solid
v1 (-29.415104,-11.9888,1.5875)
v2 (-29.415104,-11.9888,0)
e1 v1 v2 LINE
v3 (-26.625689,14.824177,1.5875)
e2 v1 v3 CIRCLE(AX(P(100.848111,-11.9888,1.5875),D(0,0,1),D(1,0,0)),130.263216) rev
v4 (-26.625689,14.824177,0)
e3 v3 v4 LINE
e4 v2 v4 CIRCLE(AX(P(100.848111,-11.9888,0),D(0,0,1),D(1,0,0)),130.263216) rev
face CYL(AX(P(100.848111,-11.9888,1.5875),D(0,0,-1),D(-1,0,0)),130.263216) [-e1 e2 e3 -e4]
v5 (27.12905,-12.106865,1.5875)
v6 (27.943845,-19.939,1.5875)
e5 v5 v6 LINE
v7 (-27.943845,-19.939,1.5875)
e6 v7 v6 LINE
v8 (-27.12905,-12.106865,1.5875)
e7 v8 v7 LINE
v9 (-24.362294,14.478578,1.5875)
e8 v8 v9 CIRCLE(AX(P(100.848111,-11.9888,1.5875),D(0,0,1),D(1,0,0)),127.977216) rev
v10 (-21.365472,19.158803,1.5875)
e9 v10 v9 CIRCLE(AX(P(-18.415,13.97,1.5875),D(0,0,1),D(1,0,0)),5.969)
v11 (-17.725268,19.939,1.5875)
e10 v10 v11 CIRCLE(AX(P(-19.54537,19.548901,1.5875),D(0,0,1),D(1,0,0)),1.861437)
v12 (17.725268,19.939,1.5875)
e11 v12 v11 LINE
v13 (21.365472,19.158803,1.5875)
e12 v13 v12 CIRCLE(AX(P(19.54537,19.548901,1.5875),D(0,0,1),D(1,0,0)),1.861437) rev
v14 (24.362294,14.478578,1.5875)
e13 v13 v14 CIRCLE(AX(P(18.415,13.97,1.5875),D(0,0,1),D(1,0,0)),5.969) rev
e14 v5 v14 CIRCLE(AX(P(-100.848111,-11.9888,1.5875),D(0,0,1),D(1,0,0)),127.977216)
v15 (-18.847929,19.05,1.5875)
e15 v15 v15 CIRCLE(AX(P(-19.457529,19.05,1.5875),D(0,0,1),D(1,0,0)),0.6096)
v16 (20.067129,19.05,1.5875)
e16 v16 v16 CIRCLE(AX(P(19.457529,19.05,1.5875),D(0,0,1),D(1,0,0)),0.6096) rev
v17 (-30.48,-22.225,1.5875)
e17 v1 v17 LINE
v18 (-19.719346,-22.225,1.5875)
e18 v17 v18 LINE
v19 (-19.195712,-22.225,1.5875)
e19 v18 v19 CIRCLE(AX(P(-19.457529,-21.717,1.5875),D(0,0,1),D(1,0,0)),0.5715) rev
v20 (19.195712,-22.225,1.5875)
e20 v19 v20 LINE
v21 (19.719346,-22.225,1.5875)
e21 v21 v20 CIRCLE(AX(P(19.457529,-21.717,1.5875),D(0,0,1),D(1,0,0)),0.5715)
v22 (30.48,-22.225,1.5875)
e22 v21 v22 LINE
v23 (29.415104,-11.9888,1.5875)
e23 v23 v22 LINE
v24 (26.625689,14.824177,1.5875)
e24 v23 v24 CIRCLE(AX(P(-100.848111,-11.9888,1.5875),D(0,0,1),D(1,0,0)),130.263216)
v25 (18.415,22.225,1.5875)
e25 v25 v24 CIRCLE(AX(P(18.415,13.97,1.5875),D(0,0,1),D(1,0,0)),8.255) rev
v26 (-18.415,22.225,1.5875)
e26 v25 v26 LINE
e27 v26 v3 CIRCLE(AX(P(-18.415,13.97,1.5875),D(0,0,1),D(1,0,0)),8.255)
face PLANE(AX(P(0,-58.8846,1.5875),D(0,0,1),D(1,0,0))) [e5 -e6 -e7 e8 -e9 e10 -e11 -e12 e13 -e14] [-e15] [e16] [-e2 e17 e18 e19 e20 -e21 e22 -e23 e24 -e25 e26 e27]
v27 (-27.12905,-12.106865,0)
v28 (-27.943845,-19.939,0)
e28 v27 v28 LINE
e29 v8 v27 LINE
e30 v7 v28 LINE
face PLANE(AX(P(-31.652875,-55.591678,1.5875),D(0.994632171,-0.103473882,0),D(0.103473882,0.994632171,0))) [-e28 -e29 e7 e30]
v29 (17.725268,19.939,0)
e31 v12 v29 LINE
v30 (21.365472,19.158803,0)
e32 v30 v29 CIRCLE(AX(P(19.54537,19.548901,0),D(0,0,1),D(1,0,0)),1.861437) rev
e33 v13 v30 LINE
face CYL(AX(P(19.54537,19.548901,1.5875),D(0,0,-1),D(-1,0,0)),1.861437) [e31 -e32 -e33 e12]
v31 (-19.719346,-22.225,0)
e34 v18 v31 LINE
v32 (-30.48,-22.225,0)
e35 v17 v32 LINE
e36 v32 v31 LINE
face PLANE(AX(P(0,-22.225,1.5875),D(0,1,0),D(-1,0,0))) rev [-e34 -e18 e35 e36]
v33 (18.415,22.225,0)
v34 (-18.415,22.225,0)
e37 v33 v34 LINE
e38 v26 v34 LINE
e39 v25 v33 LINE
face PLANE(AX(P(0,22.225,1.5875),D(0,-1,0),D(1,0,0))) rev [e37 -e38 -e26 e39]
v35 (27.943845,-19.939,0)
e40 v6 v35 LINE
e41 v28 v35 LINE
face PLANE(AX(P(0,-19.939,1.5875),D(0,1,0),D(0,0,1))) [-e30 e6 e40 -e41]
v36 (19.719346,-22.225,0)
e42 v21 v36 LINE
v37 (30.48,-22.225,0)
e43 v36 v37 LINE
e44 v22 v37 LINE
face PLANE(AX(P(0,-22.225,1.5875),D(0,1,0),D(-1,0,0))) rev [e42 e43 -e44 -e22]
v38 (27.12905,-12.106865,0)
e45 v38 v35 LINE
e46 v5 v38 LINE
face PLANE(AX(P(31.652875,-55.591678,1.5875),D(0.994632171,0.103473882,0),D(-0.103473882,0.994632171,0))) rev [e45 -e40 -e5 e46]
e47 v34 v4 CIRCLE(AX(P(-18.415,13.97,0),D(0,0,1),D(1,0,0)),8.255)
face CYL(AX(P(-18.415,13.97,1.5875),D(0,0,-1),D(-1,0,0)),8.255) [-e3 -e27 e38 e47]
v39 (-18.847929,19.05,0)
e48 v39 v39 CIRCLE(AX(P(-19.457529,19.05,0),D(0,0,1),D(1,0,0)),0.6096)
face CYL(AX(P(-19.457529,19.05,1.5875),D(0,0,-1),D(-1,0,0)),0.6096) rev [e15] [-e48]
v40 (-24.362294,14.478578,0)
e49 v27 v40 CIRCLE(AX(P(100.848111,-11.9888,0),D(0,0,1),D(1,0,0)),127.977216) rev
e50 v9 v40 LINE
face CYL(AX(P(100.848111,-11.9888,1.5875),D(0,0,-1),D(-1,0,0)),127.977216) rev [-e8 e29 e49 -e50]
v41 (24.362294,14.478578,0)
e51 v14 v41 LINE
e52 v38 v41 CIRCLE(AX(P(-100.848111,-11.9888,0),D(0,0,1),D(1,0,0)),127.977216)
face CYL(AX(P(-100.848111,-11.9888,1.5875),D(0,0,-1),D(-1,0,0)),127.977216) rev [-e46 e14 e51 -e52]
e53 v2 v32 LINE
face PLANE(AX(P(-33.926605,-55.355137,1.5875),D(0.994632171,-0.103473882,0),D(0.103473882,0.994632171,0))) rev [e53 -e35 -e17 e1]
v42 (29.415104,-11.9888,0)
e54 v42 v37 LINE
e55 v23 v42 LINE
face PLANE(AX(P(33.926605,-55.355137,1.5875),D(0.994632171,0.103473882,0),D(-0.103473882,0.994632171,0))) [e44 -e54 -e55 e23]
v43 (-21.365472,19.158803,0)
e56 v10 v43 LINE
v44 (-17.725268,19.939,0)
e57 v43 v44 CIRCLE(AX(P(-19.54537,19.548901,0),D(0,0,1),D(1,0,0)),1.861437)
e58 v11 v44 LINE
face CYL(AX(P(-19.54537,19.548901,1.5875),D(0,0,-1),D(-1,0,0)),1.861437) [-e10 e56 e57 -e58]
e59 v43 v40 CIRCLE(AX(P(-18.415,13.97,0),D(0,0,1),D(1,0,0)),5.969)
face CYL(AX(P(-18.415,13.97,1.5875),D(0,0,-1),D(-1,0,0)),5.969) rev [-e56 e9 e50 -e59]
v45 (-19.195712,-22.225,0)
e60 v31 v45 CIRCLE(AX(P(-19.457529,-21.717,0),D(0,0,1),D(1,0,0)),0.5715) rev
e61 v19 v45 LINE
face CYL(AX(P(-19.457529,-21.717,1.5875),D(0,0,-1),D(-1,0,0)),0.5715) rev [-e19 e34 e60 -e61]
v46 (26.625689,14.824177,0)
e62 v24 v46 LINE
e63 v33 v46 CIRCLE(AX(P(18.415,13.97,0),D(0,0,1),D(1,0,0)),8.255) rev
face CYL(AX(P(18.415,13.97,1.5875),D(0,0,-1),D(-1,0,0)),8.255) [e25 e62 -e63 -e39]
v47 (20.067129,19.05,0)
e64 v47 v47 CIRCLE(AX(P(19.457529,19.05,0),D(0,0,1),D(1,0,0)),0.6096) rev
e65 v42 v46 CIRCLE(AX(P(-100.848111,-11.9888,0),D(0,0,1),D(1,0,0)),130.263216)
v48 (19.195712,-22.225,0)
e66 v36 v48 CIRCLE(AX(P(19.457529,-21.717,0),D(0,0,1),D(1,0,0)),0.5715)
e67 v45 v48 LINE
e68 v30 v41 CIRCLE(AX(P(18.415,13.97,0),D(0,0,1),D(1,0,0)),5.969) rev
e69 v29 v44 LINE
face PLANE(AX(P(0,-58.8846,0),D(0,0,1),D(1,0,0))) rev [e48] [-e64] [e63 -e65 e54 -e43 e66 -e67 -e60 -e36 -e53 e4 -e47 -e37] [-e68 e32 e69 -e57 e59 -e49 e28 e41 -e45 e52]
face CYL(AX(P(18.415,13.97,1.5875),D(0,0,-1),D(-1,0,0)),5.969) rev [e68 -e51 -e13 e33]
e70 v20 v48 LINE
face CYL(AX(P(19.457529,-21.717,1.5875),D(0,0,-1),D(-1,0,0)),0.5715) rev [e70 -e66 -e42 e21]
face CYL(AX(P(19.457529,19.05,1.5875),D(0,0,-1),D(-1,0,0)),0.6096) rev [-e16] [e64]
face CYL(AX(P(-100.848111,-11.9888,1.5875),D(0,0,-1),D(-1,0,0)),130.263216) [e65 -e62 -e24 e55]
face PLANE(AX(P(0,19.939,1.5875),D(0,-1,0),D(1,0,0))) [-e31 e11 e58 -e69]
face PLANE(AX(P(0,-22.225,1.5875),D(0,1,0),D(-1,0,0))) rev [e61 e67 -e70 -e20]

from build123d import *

# Parameters (mm, degrees)
SKETCH1_R           = 0.6096
BOSS_EXTRUDE1_DEPTH = 1.5875


with BuildPart() as part:
    # Sketch1 → Boss-Extrude1 (new body)
    with BuildSketch(Plane.XY):
        with BuildLine():
            Line((30.48, -22.225), (29.415104476, -11.9888))
            ThreePointArc((29.415104476, -11.9888), (28.715873825, 1.490040556), (26.625688573, 14.824176893))
            ThreePointArc((26.625688573, 14.824176893), (23.941924767, 20.101731209), (18.415, 22.225))
            Line((18.415, 22.225), (-18.415, 22.225))
            ThreePointArc((-18.415, 22.225), (-23.941924767, 20.101731209), (-26.625688573, 14.824176893))
            ThreePointArc((-26.625688573, 14.824176893), (-28.715873825, 1.490040556), (-29.415104476, -11.9888))
            Line((-29.415104476, -11.9888), (-30.48, -22.225))
            Line((-30.48, -22.225), (-19.719346062, -22.225))
            ThreePointArc((-19.719346062, -22.225), (-19.457528855, -21.1455), (-19.195711648, -22.225))
            Line((-19.195711648, -22.225), (19.195711648, -22.225))
            ThreePointArc((19.195711648, -22.225), (19.457528855, -21.1455), (19.719346062, -22.225))
            Line((19.719346062, -22.225), (30.48, -22.225))
        make_face()
        with BuildLine():
            ThreePointArc((17.725268352, 19.939), (19.155271645, 17.728799653), (21.365471992, 19.158802947))
            ThreePointArc((21.365471992, 19.158802947), (23.441797038, 17.188737724), (24.362294321, 14.478577686))
            ThreePointArc((24.362294321, 14.478577686), (26.441646573, 1.258286409), (27.129050016, -12.106865432))
            Line((27.129050016, -12.106865432), (27.943845061, -19.939))
            Line((27.943845061, -19.939), (-27.943845061, -19.939))
            Line((-27.943845061, -19.939), (-27.129050016, -12.106865432))
            ThreePointArc((-27.129050016, -12.106865432), (-26.441646573, 1.258286409), (-24.362294321, 14.478577686))
            ThreePointArc((-24.362294321, 14.478577686), (-23.441797038, 17.188737724), (-21.365471992, 19.158802947))
            ThreePointArc((-21.365471992, 19.158802947), (-19.155271645, 17.728799653), (-17.725268352, 19.939))
            Line((-17.725268352, 19.939), (17.725268352, 19.939))
        make_face(mode=Mode.SUBTRACT)
        with Locations((19.457528855, 19.05)):
            Circle(SKETCH1_R, mode=Mode.SUBTRACT)
        with Locations((-19.457528855, 19.05)):
            Circle(SKETCH1_R, mode=Mode.SUBTRACT)
    extrude(amount=BOSS_EXTRUDE1_DEPTH)


solid = part.part
